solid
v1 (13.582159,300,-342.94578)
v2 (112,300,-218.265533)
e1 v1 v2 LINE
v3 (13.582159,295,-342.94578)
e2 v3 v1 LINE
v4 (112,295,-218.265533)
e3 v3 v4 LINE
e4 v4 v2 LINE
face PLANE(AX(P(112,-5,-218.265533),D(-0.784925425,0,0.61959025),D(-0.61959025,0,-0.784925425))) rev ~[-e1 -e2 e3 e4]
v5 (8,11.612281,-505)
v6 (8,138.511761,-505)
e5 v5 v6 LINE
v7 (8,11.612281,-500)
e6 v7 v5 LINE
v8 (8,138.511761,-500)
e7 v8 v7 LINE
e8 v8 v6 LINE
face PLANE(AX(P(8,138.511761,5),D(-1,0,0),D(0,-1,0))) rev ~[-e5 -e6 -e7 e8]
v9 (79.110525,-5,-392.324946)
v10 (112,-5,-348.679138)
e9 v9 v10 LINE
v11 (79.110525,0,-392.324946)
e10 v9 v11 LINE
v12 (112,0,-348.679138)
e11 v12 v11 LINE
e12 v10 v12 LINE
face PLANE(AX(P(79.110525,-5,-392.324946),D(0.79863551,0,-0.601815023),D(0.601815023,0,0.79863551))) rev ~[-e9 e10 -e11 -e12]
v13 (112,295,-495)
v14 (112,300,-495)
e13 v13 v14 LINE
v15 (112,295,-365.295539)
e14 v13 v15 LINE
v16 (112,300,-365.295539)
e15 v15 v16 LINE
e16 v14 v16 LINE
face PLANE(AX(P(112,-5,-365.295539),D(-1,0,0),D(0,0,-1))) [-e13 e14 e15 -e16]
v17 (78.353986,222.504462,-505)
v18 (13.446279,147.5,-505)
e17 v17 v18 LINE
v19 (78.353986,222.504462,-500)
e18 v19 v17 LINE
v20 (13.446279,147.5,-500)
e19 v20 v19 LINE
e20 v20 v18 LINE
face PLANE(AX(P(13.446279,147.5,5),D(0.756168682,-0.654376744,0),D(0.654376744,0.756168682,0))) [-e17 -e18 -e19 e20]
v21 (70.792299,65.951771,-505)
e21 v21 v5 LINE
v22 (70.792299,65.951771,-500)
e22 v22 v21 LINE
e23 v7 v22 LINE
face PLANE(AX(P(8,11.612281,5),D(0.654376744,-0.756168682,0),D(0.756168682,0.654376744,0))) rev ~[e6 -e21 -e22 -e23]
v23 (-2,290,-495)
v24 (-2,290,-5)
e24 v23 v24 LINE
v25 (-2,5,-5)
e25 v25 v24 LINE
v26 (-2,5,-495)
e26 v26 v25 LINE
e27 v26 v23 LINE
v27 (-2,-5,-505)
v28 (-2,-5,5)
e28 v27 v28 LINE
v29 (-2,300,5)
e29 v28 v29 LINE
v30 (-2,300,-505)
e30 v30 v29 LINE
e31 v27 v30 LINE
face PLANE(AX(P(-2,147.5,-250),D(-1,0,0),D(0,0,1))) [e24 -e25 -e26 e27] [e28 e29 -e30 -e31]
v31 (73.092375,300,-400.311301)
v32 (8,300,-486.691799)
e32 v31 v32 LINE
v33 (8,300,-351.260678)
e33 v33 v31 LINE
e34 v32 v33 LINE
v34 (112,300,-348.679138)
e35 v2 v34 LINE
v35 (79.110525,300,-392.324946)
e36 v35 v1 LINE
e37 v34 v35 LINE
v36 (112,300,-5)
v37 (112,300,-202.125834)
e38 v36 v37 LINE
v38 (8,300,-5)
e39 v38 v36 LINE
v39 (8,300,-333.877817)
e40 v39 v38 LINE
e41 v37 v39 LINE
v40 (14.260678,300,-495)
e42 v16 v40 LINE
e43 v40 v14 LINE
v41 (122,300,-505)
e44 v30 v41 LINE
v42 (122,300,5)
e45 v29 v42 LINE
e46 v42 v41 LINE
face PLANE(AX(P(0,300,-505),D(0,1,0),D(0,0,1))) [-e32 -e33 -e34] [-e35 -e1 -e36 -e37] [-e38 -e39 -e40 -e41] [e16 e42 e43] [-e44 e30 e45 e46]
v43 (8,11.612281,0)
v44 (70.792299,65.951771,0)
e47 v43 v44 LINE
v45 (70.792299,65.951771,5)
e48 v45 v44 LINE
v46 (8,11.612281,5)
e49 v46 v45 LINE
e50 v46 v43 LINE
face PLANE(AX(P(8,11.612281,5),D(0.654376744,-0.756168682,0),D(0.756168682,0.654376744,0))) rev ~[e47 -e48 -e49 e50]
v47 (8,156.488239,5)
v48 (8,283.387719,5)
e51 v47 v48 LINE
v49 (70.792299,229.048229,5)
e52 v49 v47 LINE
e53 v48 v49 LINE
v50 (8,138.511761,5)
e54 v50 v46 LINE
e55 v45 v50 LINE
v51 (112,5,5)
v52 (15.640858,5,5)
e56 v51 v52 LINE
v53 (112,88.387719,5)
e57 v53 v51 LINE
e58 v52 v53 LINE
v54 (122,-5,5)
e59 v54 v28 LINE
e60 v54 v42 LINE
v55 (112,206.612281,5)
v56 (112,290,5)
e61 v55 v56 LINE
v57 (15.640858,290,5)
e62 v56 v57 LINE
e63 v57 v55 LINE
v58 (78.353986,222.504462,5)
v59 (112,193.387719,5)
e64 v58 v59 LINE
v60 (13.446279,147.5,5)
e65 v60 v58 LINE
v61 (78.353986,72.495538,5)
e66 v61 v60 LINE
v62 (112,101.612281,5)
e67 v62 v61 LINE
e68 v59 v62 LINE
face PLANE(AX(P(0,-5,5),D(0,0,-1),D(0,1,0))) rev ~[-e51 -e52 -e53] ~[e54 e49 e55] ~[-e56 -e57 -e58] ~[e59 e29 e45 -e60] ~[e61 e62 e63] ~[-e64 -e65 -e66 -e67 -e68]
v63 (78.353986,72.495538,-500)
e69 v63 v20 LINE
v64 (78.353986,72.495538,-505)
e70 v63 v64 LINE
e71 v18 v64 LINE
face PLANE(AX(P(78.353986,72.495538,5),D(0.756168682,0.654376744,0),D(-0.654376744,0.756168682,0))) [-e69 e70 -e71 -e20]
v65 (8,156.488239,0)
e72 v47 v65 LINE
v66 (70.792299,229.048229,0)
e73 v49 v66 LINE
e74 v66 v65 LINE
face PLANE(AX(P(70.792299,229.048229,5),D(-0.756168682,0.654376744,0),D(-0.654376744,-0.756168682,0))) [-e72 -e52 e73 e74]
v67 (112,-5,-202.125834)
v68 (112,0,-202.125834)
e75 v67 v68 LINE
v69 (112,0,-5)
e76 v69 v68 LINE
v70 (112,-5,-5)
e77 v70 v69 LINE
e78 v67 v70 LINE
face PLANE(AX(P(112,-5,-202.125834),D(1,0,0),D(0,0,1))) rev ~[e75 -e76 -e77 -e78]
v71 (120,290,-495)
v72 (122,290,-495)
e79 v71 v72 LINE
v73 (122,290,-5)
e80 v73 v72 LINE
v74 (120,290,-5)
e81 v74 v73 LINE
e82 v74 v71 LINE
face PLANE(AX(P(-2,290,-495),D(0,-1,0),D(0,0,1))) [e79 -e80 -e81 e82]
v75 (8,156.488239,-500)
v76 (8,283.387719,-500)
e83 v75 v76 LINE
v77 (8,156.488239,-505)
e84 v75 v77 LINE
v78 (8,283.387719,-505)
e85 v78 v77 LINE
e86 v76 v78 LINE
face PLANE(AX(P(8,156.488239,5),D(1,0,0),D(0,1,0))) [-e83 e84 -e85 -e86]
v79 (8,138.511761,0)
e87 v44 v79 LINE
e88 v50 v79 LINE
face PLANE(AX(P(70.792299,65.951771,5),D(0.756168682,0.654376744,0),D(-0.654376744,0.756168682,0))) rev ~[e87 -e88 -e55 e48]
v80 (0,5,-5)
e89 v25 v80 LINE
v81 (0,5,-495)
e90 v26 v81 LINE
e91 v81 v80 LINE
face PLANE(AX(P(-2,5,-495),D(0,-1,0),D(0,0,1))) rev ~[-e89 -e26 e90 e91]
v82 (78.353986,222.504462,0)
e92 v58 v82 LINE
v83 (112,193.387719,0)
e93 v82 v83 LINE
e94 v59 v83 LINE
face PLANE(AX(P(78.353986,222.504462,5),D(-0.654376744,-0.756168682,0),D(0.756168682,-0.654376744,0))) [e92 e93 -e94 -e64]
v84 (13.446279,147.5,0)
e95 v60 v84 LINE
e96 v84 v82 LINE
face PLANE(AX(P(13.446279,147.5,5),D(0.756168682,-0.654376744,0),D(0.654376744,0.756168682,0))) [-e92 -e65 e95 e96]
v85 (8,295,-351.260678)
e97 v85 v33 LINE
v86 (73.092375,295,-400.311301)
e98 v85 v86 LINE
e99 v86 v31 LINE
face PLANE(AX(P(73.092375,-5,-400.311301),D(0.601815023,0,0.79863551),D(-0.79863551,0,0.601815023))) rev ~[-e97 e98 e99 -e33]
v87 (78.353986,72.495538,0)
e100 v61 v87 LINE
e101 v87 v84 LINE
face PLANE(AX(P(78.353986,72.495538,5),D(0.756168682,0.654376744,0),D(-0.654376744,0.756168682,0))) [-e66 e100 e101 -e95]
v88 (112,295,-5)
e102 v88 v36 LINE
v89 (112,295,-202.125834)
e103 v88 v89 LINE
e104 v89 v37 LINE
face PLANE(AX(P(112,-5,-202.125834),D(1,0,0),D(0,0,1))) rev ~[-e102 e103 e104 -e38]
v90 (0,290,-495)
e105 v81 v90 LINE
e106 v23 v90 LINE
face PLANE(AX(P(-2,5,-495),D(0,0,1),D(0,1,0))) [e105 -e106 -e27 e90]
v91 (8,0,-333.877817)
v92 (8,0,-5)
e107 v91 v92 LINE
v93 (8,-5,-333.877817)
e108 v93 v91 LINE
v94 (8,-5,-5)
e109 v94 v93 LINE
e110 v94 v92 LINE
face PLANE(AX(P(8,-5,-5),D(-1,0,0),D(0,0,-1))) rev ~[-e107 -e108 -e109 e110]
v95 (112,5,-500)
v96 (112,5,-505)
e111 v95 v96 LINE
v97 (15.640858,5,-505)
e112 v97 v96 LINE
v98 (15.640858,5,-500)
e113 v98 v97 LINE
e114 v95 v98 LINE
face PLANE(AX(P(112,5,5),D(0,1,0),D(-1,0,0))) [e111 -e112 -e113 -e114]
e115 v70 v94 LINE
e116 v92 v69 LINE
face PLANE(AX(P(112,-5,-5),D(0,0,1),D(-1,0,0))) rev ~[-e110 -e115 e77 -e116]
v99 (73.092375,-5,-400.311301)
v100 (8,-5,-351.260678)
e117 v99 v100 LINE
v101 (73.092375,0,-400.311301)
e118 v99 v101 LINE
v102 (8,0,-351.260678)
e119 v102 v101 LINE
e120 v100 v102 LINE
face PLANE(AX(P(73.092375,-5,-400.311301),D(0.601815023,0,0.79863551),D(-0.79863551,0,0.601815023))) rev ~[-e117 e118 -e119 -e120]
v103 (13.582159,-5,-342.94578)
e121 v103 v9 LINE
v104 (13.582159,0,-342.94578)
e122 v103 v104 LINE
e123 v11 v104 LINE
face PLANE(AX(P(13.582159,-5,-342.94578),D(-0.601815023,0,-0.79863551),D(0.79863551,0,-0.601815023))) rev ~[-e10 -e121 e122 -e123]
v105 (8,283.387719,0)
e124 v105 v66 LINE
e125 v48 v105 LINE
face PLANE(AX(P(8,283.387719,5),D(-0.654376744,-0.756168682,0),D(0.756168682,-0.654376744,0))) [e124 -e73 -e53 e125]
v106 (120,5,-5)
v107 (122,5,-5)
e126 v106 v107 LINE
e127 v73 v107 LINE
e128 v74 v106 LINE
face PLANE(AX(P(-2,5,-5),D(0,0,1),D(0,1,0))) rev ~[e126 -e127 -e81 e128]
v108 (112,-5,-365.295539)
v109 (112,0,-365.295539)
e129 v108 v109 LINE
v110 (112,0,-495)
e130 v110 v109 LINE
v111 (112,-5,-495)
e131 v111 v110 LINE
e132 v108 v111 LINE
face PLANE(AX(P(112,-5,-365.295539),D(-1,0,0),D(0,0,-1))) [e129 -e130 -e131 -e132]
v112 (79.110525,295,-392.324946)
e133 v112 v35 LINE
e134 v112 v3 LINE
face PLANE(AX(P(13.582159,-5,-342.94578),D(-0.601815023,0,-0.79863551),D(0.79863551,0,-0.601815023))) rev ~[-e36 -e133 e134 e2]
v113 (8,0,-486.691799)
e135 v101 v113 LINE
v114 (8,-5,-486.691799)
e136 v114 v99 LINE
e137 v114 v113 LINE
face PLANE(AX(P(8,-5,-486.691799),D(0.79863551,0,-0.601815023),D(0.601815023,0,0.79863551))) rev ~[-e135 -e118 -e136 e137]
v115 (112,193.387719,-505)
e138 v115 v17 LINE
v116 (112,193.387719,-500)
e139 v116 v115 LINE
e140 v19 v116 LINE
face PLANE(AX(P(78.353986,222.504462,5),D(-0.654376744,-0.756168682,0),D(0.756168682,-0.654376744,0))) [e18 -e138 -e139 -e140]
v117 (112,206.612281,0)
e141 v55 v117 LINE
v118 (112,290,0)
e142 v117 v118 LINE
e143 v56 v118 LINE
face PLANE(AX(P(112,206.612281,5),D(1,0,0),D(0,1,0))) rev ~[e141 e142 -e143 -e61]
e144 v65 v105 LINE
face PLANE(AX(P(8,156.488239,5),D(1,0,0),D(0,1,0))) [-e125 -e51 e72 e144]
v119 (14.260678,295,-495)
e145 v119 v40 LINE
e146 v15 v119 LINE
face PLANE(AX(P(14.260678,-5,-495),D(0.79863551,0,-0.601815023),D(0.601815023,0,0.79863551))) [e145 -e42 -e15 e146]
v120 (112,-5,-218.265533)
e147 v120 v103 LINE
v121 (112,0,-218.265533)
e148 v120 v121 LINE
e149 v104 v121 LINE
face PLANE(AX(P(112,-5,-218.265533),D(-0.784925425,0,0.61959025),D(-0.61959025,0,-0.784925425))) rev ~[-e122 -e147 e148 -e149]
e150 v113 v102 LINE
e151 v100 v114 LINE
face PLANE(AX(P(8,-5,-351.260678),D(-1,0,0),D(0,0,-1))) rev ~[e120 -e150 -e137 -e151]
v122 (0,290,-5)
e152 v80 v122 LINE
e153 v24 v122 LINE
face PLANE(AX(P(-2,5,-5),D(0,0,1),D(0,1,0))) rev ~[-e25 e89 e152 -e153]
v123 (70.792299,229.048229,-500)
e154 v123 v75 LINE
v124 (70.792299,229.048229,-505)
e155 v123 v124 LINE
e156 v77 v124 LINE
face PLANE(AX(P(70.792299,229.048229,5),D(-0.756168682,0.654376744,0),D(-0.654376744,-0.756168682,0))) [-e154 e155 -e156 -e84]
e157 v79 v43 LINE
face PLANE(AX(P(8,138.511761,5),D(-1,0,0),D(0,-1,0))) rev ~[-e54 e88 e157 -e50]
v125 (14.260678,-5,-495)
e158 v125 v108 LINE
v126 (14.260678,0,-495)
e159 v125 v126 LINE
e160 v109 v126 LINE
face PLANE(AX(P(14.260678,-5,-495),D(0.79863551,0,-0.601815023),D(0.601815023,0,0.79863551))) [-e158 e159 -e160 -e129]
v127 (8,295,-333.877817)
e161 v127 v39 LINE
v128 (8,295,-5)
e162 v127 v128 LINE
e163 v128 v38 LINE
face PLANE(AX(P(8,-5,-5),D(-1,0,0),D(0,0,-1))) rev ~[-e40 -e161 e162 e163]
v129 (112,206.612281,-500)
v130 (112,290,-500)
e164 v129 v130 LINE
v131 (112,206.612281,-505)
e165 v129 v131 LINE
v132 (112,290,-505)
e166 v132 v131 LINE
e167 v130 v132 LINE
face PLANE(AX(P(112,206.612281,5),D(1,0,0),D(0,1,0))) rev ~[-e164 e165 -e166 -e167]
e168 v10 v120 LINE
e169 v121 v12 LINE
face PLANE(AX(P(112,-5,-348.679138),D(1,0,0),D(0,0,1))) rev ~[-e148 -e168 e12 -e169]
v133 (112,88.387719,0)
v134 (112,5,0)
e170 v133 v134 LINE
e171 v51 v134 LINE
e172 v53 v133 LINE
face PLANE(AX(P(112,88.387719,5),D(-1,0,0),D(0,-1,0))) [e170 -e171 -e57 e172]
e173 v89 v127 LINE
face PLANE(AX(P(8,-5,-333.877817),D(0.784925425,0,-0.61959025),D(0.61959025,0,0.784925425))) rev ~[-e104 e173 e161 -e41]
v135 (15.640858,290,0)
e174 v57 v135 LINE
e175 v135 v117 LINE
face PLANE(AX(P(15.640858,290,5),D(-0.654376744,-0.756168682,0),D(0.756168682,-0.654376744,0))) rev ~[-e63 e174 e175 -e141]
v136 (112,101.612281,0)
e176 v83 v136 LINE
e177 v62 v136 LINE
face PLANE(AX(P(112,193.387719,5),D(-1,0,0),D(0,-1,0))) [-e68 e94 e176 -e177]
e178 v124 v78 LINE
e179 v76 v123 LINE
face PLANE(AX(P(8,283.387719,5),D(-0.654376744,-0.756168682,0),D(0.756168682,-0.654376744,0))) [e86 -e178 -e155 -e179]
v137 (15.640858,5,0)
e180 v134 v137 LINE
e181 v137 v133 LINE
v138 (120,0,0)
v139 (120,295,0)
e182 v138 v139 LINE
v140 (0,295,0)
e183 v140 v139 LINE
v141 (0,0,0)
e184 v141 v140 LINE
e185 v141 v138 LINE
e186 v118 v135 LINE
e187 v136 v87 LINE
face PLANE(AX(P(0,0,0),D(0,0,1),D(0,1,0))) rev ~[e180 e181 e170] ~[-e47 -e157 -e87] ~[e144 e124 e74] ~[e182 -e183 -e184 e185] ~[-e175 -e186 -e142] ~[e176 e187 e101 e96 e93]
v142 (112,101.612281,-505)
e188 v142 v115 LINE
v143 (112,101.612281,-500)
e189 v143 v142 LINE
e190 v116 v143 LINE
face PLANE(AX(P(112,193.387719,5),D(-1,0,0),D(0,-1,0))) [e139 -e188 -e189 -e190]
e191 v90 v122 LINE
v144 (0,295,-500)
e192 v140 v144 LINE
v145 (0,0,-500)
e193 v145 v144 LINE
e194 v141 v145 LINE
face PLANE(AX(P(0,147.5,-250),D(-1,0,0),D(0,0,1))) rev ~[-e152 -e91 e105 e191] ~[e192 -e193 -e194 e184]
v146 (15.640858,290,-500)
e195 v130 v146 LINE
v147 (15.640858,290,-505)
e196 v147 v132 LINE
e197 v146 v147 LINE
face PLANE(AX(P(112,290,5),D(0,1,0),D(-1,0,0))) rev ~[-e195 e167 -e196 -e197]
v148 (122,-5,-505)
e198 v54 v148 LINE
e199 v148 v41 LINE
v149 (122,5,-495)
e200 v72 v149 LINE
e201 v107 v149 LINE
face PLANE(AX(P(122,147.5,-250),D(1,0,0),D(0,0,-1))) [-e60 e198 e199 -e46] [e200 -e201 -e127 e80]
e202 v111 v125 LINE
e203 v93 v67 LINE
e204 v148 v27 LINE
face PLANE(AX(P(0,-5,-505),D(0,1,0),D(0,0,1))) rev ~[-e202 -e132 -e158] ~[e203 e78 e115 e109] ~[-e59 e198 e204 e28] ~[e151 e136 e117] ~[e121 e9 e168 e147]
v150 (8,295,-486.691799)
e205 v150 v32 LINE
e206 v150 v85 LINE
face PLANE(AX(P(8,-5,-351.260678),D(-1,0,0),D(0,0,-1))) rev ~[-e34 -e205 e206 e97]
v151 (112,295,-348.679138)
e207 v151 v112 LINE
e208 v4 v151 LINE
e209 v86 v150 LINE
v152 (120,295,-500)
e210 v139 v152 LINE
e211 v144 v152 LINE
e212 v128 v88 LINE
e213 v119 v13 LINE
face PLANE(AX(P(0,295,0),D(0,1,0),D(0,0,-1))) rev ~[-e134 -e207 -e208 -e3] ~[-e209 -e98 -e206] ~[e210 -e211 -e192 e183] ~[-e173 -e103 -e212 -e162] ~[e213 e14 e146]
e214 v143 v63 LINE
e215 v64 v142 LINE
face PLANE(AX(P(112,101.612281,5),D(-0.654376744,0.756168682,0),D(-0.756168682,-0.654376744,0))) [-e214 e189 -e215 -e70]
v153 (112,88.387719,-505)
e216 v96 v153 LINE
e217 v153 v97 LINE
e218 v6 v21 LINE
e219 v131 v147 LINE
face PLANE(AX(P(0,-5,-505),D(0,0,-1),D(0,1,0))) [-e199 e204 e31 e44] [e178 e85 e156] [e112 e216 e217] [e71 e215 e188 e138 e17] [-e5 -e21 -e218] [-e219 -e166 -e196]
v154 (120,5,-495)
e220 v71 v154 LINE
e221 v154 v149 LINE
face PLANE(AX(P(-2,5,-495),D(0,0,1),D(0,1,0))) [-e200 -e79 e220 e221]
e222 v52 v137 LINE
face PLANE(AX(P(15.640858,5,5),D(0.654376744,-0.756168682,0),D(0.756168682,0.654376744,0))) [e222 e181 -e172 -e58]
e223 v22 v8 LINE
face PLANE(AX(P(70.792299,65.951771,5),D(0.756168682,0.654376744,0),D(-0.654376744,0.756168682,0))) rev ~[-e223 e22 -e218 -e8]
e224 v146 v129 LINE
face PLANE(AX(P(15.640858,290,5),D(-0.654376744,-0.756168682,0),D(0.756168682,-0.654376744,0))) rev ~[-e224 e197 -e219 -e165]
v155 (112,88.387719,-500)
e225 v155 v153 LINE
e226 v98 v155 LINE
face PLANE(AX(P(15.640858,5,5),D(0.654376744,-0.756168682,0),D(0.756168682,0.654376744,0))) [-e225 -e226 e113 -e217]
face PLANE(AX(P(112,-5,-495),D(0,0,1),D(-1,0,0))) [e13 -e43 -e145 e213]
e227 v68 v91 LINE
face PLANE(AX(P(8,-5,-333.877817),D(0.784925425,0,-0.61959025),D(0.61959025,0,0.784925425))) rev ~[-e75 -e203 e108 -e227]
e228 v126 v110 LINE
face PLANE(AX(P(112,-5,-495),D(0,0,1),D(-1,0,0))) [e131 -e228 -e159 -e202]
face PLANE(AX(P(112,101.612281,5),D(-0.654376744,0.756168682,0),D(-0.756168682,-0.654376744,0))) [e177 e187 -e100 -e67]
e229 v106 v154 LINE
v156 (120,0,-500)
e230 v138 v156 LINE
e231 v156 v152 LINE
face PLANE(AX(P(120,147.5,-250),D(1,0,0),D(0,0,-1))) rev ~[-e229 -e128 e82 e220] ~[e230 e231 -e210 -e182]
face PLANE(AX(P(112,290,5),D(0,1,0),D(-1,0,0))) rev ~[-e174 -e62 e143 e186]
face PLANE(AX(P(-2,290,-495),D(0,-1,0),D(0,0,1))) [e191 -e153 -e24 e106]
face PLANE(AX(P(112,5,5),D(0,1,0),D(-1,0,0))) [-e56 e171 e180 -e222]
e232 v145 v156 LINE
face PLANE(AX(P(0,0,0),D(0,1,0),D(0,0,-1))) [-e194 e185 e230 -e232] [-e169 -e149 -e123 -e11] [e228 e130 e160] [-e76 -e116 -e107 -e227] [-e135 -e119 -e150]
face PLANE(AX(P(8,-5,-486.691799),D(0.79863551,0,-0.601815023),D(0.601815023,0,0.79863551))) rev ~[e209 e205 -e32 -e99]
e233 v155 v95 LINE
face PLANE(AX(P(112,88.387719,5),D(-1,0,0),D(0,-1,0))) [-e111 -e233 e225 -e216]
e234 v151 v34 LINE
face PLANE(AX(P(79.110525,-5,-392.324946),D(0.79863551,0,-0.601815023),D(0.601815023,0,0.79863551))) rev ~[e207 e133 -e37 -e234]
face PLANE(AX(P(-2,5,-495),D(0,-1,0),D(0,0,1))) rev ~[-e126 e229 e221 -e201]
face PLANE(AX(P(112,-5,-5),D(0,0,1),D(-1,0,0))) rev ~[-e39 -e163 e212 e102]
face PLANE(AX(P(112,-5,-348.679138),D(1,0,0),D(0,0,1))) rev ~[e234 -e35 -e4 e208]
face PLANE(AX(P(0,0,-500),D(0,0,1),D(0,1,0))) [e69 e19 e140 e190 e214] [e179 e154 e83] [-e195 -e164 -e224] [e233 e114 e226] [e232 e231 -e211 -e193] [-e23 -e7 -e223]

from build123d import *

# Parameters (mm, degrees)
SKETCH1_W           = 510
SKETCH1_H           = 305
SKETCH1_W_2         = 500
SKETCH1_H_2         = 295
BOSS_EXTRUDE1_DEPTH = 120
SKETCH2_W           = 510
SKETCH2_H           = 305
BOSS_EXTRUDE2_DEPTH = 2
SKETCH3_W           = 510
SKETCH3_H           = 305
BOSS_EXTRUDE3_DEPTH = 2
CUT_EXTRUDE1_DEPTH  = 306
SKETCH5_W           = 490
SKETCH5_H           = 285
CUT_EXTRUDE4_DEPTH  = 125
CUT_EXTRUDE5_DEPTH  = 511


with BuildPart() as part:
    # Sketch1 → Boss-Extrude1 (new body)
    with BuildSketch(Plane(origin=(0, 0, 0), x_dir=(0, 0, -1), z_dir=(1, 0, 0))):
        with Locations((250, 147.5)):
            Rectangle(SKETCH1_W, SKETCH1_H)
        with Locations((250, 147.5)):
            Rectangle(SKETCH1_W_2, SKETCH1_H_2, mode=Mode.SUBTRACT)
    extrude(amount=BOSS_EXTRUDE1_DEPTH)

    # Sketch2 → Boss-Extrude2 (add)
    with BuildSketch(Plane(origin=(120, 0, 0), x_dir=(0, 0, -1), z_dir=(1, 0, 0))):
        with Locations((250, 147.5)):
            Rectangle(SKETCH2_W, SKETCH2_H)
    extrude(amount=BOSS_EXTRUDE2_DEPTH)

    # Sketch3 → Boss-Extrude3 (add)
    with BuildSketch(Plane.ZY):
        with Locations((-250, 147.5)):
            Rectangle(SKETCH3_W, SKETCH3_H)
    extrude(amount=BOSS_EXTRUDE3_DEPTH)

    # Sketch4 → Cut-Extrude1 (cut, through all)
    with BuildSketch(Plane.XZ.offset(5)):
        Polygon((14.260678291, -495), (112, -365.295539257), (112, -495), align=None)
        Polygon((73.092374529, -400.311300748), (8, -351.260678291), (8, -486.691799294), align=None)
        Polygon((79.110524761, -392.324945648), (112, -348.679137846), (112, -218.265533068), (13.582159118, -342.945780321), align=None)
        Polygon((8, -333.877817445), (112, -202.125834287), (112, -5), (8, -5), align=None)
    extrude(amount=-CUT_EXTRUDE1_DEPTH, mode=Mode.SUBTRACT)

    # Sketch5 → Cut-Extrude4 (cut, through all)
    with BuildSketch(Plane.ZY.offset(2)):
        with Locations((-250, 147.5)):
            Rectangle(SKETCH5_W, SKETCH5_H)
    extrude(amount=-CUT_EXTRUDE4_DEPTH, mode=Mode.SUBTRACT)

    # Sketch8 → Cut-Extrude5 (cut, through all)
    with BuildSketch(Plane.XY.offset(5)):
        Polygon((15.640858332, 5), (112, 88.387718751), (112, 5), align=None)
        Polygon((70.792299268, 65.951771), (8, 138.511761264), (8, 11.612281249), align=None)
        Polygon((78.353986092, 222.504461556), (112, 193.387718751), (112, 101.612281249), (78.353986092, 72.495538444), (13.446278977, 147.5), align=None)
        Polygon((70.792299268, 229.048229), (8, 156.488238736), (8, 283.387718751), align=None)
        Polygon((15.640858332, 290), (112, 206.612281249), (112, 290), align=None)
    extrude(amount=-CUT_EXTRUDE5_DEPTH, mode=Mode.SUBTRACT)


solid = part.part
